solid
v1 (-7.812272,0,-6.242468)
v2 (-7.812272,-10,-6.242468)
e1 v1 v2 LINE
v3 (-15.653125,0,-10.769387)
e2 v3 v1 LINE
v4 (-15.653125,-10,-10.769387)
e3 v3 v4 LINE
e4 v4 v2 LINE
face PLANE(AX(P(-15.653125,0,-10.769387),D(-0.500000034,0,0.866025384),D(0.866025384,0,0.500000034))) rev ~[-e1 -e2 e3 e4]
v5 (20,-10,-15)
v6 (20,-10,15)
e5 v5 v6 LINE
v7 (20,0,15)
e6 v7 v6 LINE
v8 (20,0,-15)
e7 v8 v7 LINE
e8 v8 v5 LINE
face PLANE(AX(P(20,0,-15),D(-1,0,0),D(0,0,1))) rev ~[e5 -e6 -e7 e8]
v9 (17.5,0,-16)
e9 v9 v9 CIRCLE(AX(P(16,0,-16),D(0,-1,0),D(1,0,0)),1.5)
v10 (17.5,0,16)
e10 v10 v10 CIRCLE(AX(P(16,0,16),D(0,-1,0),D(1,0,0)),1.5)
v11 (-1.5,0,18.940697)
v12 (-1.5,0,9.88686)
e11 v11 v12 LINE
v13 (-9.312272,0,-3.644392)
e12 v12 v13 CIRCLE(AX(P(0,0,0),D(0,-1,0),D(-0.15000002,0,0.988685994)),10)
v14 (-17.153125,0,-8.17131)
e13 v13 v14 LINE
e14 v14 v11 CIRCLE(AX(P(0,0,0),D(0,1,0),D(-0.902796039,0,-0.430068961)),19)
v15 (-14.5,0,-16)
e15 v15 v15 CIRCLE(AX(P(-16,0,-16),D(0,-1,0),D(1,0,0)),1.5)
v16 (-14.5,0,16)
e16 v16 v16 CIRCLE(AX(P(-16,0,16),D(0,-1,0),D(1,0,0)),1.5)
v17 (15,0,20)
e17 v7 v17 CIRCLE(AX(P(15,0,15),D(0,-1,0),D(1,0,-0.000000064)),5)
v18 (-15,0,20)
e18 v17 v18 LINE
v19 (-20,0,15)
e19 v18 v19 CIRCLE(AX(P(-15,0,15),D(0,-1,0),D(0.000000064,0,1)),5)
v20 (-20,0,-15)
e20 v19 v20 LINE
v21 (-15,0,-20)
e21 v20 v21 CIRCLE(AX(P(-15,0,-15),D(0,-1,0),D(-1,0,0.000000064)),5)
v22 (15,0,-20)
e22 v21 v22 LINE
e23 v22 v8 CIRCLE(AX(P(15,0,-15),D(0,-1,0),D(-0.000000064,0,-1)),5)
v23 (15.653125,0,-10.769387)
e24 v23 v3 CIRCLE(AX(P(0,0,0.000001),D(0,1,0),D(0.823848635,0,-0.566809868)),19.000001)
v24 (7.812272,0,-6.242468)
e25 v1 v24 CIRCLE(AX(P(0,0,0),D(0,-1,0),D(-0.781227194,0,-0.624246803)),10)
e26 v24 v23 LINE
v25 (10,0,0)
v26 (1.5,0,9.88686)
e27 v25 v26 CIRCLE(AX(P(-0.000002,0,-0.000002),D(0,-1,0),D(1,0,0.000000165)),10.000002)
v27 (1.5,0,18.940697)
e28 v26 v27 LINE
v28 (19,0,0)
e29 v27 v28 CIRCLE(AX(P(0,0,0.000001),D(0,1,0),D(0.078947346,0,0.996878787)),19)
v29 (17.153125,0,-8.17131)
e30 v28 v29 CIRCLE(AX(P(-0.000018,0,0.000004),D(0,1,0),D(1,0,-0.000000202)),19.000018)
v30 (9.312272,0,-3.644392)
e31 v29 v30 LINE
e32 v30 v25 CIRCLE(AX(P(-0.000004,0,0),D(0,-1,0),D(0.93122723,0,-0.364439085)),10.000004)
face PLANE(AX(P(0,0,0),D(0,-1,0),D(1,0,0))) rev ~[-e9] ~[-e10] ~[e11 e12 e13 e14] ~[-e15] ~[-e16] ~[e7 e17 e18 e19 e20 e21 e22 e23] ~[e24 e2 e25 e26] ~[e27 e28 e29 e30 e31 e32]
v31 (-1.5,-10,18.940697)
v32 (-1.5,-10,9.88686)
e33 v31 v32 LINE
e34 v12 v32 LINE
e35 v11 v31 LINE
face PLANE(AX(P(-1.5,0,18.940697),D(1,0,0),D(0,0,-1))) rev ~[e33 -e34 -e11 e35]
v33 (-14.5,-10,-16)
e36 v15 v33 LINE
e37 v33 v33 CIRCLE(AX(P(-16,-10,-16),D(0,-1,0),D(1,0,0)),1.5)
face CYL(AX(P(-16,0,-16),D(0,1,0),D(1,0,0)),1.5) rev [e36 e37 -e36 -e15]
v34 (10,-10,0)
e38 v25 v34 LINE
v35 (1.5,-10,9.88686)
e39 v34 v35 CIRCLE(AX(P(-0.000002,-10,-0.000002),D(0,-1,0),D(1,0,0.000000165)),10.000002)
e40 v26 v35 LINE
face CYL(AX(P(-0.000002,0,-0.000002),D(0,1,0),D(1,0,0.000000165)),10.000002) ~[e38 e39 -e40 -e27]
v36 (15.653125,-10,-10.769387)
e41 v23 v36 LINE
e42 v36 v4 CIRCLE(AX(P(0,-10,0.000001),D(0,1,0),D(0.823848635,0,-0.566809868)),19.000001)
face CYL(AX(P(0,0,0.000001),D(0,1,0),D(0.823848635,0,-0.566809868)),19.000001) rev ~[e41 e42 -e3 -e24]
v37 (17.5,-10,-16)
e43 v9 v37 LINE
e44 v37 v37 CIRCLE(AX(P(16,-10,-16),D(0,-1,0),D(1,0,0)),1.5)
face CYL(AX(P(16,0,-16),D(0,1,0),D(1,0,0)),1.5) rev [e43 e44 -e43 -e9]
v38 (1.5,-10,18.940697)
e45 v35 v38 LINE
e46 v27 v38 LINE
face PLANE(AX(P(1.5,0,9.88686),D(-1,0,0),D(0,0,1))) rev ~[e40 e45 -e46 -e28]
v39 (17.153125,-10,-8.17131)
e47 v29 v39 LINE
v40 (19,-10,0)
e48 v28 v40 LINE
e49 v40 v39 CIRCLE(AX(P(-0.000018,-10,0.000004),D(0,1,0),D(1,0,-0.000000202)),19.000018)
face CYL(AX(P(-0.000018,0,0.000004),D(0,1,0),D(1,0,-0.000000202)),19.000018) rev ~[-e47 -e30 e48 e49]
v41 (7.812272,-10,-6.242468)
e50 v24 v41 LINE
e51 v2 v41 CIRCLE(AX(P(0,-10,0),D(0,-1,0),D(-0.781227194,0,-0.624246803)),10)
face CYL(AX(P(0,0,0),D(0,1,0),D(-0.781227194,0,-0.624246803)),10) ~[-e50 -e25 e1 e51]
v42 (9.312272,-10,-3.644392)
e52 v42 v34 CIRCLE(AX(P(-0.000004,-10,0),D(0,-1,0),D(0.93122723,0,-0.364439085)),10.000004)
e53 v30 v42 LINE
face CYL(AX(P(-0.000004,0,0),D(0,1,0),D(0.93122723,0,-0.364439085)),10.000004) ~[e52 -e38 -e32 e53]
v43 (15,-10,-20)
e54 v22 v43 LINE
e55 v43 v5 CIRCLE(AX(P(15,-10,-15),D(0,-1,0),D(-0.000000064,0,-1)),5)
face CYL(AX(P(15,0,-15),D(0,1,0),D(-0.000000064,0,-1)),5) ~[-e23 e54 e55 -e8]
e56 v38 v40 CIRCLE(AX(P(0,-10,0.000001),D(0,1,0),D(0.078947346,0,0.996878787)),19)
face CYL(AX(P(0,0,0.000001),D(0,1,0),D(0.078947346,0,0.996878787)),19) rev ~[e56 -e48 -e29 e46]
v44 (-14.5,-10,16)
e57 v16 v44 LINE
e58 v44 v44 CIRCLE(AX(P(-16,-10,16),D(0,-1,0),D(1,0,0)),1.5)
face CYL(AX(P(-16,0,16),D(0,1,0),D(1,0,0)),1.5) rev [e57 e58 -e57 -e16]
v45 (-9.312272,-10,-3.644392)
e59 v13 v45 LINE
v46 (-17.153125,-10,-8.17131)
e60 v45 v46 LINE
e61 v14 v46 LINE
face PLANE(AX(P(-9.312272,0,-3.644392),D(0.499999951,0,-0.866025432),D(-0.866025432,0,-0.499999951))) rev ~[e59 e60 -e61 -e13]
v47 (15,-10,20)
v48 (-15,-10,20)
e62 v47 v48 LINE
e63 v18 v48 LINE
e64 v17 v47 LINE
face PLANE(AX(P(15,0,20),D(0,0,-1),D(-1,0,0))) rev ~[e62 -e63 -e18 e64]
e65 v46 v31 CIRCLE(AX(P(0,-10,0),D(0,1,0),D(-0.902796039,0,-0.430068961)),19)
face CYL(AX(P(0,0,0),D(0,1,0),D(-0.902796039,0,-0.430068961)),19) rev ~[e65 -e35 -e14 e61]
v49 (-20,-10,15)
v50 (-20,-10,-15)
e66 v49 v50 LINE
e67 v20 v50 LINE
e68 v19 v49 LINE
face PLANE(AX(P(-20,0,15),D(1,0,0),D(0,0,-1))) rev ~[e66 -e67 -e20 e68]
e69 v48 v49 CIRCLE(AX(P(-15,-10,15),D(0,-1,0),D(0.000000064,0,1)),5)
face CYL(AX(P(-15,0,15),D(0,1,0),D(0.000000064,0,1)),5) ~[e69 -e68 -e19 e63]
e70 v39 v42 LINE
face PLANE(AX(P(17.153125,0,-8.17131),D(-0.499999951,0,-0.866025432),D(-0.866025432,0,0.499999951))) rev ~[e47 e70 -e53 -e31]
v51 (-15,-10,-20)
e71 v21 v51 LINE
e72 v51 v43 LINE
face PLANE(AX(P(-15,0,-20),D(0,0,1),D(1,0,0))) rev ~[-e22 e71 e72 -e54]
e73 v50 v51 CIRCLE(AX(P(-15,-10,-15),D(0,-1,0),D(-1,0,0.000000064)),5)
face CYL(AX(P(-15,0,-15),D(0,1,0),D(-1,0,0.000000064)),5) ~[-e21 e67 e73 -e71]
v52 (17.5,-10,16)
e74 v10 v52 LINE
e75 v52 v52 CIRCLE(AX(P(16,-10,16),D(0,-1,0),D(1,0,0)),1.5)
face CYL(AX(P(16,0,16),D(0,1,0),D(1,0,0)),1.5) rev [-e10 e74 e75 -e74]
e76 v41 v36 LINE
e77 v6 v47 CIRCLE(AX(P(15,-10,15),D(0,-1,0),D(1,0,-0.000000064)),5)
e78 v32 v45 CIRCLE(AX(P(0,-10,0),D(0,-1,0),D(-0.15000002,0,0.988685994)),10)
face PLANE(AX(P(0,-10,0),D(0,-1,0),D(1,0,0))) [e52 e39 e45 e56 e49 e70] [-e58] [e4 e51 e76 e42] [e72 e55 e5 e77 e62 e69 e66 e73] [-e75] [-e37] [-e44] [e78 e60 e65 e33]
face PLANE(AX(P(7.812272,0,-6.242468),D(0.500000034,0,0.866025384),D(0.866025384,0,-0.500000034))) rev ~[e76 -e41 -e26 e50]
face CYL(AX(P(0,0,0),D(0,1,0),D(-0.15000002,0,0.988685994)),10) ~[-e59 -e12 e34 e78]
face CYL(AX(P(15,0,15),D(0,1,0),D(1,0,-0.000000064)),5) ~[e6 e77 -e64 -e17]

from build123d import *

# Parameters (mm, degrees)
F0_R     = 1.5
F1_DEPTH = 10


with BuildPart() as f1:
    # F0 (on Front) → F1 (new body)
    with BuildSketch(Plane.XZ):
        with BuildLine():
            Line((-15, -20), (15, -20))
            ThreePointArc((15, -20), (18.535534, -18.535534), (20, -15))
            Line((20, -15), (20, 15))
            ThreePointArc((20, 15), (18.535534, 18.535534), (15, 20))
            Line((15, 20), (-15, 20))
            ThreePointArc((-15, 20), (-18.535534, 18.535534), (-20, 15))
            Line((-20, 15), (-20, -15))
            ThreePointArc((-20, -15), (-18.535534, -18.535534), (-15, -20))
        make_face()
        with Locations((-16, -16)):
            Circle(F0_R, mode=Mode.SUBTRACT)
        with Locations((16, -16)):
            Circle(F0_R, mode=Mode.SUBTRACT)
        with Locations((-16, 16)):
            Circle(F0_R, mode=Mode.SUBTRACT)
        with BuildLine():
            ThreePointArc((1.5, 18.940697), (13.955286, 12.893797), (19, 0))
            ThreePointArc((19, 0), (18.53253, -4.188713), (17.153125, -8.17131))
            ThreePointArc((17.153125, -8.17131), (16.454483, -9.5), (15.653125, -10.769387))
            ThreePointArc((15.653125, -10.769387), (0, -19), (-15.653125, -10.769387))
            ThreePointArc((-15.653125, -10.769387), (-16.454483, -9.5), (-17.153125, -8.17131))
            ThreePointArc((-17.153125, -8.17131), (-16.454483, 9.5), (-1.5, 18.940697))
            ThreePointArc((-1.5, 18.940697), (0, 19), (1.5, 18.940697))
        make_face(mode=Mode.SUBTRACT)
        with Locations((16, 16)):
            Circle(F0_R, mode=Mode.SUBTRACT)
        with BuildLine():
            Line((1.5, 9.88686), (1.5, 18.940697))
            ThreePointArc((1.5, 18.940697), (0, 19), (-1.5, 18.940697))
            Line((-1.5, 18.940697), (-1.5, 9.88686))
            ThreePointArc((-1.5, 9.88686), (0, 10), (1.5, 9.88686))
        make_face()
        with BuildLine():
            Line((-9.312272, -3.644392), (-17.153125, -8.17131))
            ThreePointArc((-17.153125, -8.17131), (-16.454483, -9.5), (-15.653125, -10.769387))
            Line((-15.653125, -10.769387), (-7.812272, -6.242468))
            ThreePointArc((-7.812272, -6.242468), (-8.660254, -5), (-9.312272, -3.644392))
        make_face()
        with BuildLine():
            ThreePointArc((15.653125, -10.769387), (16.454483, -9.5), (17.153125, -8.17131))
            Line((17.153125, -8.17131), (9.312272, -3.644392))
            ThreePointArc((9.312272, -3.644392), (8.660254, -5), (7.812272, -6.242468))
            Line((7.812272, -6.242468), (15.653125, -10.769387))
        make_face()
        with BuildLine():
            ThreePointArc((10, 0), (7.582875, 6.519202), (1.5, 9.88686))
            ThreePointArc((1.5, 9.88686), (0, 10), (-1.5, 9.88686))
            ThreePointArc((-1.5, 9.88686), (-8.660254, 5), (-9.312272, -3.644392))
            ThreePointArc((-9.312272, -3.644392), (-8.660254, -5), (-7.812272, -6.242468))
            ThreePointArc((-7.812272, -6.242468), (0, -10), (7.812272, -6.242468))
            ThreePointArc((7.812272, -6.242468), (8.660254, -5), (9.312272, -3.644392))
            ThreePointArc((9.312272, -3.644392), (9.826564, -1.854357), (10, 0))
        make_face()
    extrude(amount=F1_DEPTH)


solid = f1.part
